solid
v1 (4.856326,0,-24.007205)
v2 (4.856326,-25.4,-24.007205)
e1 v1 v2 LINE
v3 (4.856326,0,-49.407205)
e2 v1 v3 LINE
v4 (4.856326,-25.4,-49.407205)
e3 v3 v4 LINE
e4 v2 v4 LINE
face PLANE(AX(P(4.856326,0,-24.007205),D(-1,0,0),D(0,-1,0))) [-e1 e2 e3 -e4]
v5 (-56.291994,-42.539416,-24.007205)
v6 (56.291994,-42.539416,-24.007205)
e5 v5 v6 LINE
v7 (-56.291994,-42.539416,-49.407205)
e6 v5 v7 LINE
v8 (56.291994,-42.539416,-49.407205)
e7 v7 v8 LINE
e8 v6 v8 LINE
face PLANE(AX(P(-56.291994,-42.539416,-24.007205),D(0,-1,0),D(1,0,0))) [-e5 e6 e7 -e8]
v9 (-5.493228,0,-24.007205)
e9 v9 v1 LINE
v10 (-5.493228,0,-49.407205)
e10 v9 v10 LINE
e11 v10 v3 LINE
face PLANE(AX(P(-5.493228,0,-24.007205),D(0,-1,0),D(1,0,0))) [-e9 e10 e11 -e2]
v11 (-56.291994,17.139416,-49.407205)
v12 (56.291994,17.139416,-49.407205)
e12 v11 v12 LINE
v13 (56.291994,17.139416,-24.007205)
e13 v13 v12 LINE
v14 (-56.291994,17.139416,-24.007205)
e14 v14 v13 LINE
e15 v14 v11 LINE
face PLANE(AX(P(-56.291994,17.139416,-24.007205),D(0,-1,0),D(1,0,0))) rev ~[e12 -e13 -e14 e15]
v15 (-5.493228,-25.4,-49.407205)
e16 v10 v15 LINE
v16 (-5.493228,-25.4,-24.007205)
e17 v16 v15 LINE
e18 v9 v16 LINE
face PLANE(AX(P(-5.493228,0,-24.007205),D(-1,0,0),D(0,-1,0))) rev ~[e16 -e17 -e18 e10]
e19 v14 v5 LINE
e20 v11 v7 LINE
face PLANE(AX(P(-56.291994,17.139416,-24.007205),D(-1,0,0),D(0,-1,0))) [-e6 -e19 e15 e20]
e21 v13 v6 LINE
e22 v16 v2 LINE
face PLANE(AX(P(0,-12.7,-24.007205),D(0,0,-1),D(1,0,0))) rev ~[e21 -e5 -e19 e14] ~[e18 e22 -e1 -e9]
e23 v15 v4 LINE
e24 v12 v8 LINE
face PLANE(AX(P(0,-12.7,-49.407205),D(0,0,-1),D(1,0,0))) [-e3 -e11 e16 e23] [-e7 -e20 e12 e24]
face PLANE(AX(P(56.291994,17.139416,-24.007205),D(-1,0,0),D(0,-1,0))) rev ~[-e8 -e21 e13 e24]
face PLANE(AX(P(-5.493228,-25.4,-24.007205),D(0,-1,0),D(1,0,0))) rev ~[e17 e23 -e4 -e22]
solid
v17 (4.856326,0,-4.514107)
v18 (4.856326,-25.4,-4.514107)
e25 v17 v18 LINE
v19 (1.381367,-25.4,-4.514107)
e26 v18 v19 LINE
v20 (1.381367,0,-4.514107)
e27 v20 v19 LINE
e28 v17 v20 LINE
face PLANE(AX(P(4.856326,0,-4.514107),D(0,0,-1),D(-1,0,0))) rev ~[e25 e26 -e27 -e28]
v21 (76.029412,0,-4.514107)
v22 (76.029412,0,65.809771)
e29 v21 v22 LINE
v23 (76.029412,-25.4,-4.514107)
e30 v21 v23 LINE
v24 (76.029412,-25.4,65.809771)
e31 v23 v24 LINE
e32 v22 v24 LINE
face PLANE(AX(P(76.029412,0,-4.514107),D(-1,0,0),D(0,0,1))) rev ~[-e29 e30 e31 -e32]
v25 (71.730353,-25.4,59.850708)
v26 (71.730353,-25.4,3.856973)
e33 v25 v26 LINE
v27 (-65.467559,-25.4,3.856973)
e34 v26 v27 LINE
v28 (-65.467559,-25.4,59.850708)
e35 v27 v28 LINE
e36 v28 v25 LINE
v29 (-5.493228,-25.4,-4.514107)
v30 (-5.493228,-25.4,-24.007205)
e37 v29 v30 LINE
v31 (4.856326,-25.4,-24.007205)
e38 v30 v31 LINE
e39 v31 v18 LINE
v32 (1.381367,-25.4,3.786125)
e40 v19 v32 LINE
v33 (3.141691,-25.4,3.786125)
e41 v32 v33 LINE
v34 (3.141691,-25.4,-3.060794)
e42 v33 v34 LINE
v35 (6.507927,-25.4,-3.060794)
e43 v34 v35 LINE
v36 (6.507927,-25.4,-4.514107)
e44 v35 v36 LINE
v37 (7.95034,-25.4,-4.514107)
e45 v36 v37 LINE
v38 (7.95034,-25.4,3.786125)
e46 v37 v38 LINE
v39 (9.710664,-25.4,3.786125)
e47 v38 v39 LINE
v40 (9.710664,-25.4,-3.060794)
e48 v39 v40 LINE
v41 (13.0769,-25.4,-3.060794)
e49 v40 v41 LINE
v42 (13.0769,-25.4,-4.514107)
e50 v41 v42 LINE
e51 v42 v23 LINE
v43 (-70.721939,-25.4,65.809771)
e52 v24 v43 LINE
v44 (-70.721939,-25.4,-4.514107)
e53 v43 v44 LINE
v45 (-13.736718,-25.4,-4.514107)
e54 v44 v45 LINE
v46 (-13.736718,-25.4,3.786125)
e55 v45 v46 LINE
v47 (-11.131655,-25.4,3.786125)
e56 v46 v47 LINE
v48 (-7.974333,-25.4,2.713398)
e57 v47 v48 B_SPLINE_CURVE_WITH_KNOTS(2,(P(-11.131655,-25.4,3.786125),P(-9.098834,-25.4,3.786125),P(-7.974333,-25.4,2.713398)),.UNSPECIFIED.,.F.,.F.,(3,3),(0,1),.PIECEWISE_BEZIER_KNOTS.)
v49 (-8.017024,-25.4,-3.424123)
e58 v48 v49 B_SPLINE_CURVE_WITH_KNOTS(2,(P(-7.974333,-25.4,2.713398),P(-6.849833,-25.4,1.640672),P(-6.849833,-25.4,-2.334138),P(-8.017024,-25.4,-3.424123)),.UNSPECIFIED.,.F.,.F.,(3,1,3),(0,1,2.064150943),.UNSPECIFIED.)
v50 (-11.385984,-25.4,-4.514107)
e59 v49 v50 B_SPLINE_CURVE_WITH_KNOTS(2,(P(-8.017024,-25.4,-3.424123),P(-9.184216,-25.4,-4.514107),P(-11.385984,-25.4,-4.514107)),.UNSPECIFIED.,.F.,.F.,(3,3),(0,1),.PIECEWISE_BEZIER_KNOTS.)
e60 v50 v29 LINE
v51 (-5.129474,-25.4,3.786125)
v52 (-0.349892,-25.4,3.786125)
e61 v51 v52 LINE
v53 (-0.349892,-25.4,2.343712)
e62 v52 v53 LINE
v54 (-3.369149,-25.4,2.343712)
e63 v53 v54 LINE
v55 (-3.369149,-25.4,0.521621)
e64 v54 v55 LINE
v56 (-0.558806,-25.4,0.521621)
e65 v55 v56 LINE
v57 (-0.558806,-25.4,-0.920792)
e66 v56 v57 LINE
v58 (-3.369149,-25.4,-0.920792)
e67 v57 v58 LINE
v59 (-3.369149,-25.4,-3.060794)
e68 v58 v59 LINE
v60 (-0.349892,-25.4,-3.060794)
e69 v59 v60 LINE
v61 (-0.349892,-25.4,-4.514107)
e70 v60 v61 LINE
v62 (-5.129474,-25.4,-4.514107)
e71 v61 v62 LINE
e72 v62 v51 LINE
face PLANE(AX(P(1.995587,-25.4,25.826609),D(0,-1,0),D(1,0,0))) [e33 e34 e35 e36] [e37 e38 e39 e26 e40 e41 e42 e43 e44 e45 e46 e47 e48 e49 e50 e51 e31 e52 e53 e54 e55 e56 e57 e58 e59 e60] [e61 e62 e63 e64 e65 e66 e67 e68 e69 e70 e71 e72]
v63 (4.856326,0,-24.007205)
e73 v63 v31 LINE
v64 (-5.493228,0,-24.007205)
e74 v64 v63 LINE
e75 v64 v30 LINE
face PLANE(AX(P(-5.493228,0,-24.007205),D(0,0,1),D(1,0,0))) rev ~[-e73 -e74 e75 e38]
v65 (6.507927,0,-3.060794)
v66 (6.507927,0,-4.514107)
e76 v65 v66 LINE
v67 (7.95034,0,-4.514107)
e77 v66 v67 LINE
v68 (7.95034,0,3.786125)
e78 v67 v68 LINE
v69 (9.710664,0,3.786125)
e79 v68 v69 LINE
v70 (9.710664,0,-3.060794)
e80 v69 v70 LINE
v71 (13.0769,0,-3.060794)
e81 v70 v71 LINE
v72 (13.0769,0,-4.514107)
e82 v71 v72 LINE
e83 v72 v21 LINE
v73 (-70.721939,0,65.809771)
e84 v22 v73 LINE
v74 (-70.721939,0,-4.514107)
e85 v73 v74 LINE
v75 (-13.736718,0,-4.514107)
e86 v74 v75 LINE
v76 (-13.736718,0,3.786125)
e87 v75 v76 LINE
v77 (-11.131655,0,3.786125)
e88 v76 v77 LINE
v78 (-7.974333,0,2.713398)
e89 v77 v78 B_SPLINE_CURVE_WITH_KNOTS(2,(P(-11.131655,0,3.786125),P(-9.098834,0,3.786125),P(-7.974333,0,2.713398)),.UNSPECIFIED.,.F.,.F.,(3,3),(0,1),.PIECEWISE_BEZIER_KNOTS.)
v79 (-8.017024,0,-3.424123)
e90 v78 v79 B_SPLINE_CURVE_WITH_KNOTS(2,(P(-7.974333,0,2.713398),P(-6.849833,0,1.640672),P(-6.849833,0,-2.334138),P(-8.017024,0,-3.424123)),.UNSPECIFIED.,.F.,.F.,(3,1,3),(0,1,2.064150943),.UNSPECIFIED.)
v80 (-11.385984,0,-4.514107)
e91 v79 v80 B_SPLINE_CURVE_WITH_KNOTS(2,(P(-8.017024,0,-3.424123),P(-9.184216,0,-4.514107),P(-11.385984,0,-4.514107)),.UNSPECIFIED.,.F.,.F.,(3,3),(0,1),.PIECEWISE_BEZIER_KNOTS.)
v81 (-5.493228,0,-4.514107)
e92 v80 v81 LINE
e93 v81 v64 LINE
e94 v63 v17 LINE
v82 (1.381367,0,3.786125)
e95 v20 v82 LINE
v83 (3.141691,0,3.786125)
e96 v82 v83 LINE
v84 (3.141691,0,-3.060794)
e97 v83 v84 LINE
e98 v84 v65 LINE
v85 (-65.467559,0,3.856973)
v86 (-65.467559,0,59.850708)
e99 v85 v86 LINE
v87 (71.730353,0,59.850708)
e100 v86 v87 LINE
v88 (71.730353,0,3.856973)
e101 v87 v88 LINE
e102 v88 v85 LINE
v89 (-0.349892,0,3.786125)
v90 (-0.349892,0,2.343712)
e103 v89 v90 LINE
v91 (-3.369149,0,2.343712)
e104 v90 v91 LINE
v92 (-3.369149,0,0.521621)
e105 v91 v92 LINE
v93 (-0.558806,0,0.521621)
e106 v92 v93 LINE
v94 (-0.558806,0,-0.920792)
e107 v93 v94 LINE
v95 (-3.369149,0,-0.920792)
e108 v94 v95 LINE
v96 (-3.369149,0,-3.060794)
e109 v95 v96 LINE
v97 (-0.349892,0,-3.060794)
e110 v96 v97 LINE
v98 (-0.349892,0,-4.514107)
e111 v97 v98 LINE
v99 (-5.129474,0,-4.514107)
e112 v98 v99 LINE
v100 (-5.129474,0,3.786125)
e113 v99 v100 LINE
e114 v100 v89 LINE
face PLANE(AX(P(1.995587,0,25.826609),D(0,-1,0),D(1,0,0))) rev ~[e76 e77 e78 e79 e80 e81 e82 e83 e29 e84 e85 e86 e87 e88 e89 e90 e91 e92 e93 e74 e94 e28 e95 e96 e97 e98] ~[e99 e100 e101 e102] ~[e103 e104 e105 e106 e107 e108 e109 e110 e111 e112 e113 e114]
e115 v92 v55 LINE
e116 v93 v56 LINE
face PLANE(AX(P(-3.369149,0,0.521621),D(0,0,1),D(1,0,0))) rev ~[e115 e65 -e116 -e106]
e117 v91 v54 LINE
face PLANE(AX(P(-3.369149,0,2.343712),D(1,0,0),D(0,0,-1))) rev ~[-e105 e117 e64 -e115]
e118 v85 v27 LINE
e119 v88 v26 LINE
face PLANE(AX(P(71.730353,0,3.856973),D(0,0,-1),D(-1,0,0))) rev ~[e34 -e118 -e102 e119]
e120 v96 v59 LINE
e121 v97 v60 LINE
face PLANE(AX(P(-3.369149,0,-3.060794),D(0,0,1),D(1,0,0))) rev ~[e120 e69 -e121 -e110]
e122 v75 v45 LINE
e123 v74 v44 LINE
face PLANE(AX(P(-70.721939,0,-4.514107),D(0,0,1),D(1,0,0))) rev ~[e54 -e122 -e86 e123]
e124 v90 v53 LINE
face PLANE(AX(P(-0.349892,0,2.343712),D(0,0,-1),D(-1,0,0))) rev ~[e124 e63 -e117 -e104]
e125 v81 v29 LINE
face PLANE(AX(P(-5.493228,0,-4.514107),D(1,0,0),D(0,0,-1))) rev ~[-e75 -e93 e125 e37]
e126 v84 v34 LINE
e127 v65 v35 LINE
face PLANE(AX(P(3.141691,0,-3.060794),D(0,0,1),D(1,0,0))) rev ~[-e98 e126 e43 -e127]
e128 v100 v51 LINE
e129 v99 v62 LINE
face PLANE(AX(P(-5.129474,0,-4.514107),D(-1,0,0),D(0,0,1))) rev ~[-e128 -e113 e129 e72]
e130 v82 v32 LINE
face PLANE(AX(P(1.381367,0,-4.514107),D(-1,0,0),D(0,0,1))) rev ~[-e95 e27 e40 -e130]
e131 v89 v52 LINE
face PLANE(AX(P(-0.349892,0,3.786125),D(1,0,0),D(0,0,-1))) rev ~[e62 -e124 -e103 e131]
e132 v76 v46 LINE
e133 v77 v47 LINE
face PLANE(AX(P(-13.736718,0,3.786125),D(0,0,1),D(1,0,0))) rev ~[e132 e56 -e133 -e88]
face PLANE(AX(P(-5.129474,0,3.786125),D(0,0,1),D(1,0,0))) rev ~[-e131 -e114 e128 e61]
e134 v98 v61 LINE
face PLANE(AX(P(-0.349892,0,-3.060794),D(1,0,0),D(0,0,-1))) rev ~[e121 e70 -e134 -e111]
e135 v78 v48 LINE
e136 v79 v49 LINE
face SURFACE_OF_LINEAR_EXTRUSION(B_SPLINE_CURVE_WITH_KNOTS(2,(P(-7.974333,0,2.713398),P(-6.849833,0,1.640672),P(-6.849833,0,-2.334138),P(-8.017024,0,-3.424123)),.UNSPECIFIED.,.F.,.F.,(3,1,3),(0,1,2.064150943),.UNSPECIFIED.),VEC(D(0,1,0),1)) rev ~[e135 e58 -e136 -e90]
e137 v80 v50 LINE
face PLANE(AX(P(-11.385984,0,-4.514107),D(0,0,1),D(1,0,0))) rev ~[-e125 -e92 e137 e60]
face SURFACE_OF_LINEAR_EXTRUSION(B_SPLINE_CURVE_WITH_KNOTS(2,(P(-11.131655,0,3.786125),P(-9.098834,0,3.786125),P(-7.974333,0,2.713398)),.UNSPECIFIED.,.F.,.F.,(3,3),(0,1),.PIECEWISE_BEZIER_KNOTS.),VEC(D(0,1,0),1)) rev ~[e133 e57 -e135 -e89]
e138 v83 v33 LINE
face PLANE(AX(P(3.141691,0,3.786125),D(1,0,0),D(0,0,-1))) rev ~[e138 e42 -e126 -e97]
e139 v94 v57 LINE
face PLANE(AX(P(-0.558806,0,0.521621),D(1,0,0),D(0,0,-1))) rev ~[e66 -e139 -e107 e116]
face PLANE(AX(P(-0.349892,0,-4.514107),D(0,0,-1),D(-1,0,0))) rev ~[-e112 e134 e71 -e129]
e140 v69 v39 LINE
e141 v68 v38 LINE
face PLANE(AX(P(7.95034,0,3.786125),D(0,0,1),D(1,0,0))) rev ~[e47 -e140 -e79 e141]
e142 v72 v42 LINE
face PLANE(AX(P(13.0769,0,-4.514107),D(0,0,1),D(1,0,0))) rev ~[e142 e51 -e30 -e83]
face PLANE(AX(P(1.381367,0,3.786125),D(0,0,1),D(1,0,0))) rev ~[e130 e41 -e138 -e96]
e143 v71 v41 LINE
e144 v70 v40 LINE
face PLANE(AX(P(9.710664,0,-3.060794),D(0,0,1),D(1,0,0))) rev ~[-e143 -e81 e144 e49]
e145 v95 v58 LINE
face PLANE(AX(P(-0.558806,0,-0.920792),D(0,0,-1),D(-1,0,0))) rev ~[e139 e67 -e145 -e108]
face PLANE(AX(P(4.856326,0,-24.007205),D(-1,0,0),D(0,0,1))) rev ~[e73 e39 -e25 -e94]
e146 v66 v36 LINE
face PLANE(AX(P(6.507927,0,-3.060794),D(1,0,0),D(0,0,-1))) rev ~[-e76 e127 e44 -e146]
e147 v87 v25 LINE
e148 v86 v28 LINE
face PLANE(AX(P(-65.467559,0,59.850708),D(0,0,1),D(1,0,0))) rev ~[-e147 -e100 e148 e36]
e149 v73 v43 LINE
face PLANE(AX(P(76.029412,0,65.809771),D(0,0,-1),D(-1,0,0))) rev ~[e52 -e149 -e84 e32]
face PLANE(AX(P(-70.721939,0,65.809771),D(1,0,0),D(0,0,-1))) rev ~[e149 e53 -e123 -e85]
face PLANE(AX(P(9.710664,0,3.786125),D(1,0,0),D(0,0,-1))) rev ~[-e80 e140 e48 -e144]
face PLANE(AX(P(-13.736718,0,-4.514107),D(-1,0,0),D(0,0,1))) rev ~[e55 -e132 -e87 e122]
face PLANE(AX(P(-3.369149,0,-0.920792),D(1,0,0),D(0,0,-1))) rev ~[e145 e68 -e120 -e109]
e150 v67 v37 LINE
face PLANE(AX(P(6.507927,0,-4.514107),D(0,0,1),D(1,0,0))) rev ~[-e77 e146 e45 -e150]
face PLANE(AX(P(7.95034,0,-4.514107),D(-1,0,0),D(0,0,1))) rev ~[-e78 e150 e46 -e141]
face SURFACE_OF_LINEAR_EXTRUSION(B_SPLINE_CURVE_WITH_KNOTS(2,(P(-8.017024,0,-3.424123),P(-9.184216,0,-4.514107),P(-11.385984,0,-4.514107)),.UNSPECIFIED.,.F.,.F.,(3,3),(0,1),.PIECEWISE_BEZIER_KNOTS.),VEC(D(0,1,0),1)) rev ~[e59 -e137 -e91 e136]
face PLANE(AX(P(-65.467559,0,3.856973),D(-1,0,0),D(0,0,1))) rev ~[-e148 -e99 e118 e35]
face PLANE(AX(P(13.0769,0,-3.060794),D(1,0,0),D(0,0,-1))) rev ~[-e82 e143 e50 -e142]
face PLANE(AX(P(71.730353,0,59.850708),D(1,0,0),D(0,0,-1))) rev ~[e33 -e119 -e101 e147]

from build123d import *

# Parameters (mm, degrees)
F1_DEPTH = 25.4
F2_W     = 112.5839874148
F2_H     = 59.678832376
F2_W_2   = 10.3495540097
F2_H_2   = 25.4
F3_DEPTH = 25.4


with BuildPart() as f1:
    # F0 (on Front) → F1 (new body)
    with BuildSketch(Plane.XZ):
        with BuildLine():
            Line((76.0294124484, 65.8097714186), (-68.5989558697, 65.8097714186))
            Line((-68.5989558697, 65.8097714186), (-70.7219392061, 65.8097714186))
            Line((-70.7219392061, 65.8097714186), (-70.7219392061, 11.1429076642))
            Line((-70.7219392061, 11.1429076642), (-70.7219392061, 7.1623111144))
            Line((-70.7219392061, 7.1623111144), (-70.7219392061, -4.514107015))
            Line((-70.7219392061, -4.514107015), (-14.7812860087, -4.514107015))
            Line((-14.7812860087, -4.514107015), (-13.7367175863, -4.514107015))
            Line((-13.7367175863, -4.514107015), (-13.7367175863, 3.7861245011))
            Line((-13.7367175863, 3.7861245011), (-11.131654773, 3.7861245011))
            add(Edge.make_bspline(
                [(-11.131654773, 3.7861245011), (-9.098833791, 3.7861245011), (-7.9743331764, 2.7133981474)],
                knots=[0, 0, 0, 1, 1, 1], degree=2))
            add(Edge.make_bspline(
                [(-7.9743331764, 2.7133981474), (-6.8498325617, 1.6406717936), (-6.8498325617, -0.284967385)],
                knots=[0, 0, 0, 1, 1, 1], degree=2))
            add(Edge.make_bspline(
                [(-6.8498325617, -0.284967385), (-6.8498325617, -2.3341381335), (-8.0170242336, -3.4241225743)],
                knots=[0, 0, 0, 1, 1, 1], degree=2))
            add(Edge.make_bspline(
                [(-8.0170242336, -3.4241225743), (-9.1842159056, -4.514107015), (-11.3859844758, -4.514107015)],
                knots=[0, 0, 0, 1, 1, 1], degree=2))
            Line((-11.3859844758, -4.514107015), (-8.0938804895, -4.514107015))
            Line((-8.0938804895, -4.514107015), (-5.4932283238, -4.514107015))
            Line((-5.4932283238, -4.514107015), (-5.1294737861, -4.514107015))
            Line((-5.1294737861, -4.514107015), (-5.1294737861, 3.7861245011))
            Line((-5.1294737861, 3.7861245011), (-0.3498920135, 3.7861245011))
            Line((-0.3498920135, 3.7861245011), (-0.3498920135, 2.3437117579))
            Line((-0.3498920135, 2.3437117579), (-3.3691489143, 2.3437117579))
            Line((-3.3691489143, 2.3437117579), (-3.3691489143, 0.5216211011))
            Line((-3.3691489143, 0.5216211011), (-0.558805698, 0.5216211011))
            Line((-0.558805698, 0.5216211011), (-0.558805698, -0.9207916421))
            Line((-0.558805698, -0.9207916421), (-3.3691489143, -0.9207916421))
            Line((-3.3691489143, -0.9207916421), (-3.3691489143, -3.0607944274))
            Line((-3.3691489143, -3.0607944274), (-0.3498920135, -3.0607944274))
            Line((-0.3498920135, -3.0607944274), (-0.3498920135, -4.514107015))
            Line((-0.3498920135, -4.514107015), (1.3813666065, -4.514107015))
            Line((1.3813666065, -4.514107015), (1.3813666065, 3.7861245011))
            Line((1.3813666065, 3.7861245011), (3.1416914783, 3.7861245011))
            Line((3.1416914783, 3.7861245011), (3.1416914783, -3.0607944274))
            Line((3.1416914783, -3.0607944274), (6.5079267593, -3.0607944274))
            Line((6.5079267593, -3.0607944274), (6.5079267593, -4.514107015))
            Line((6.5079267593, -4.514107015), (7.9503395026, -4.514107015))
            Line((7.9503395026, -4.514107015), (7.9503395026, 3.7861245011))
            Line((7.9503395026, 3.7861245011), (9.7106643743, 3.7861245011))
            Line((9.7106643743, 3.7861245011), (9.7106643743, -3.0607944274))
            Line((9.7106643743, -3.0607944274), (13.0768996554, -3.0607944274))
            Line((13.0768996554, -3.0607944274), (13.0768996554, -4.514107015))
            Line((13.0768996554, -4.514107015), (13.8308055602, -4.514107015))
            Line((13.8308055602, -4.514107015), (76.0294124484, -4.514107015))
            Line((76.0294124484, -4.514107015), (76.0294124484, 65.8097714186))
        make_face()
        Polygon((-65.4675588012, 3.8569734897), (-65.4675588012, 59.8507076502), (71.7303529382, 59.8507076502), (71.7303529382, 3.8569734897), (68.5458853841, 3.8569734897), align=None, mode=Mode.SUBTRACT)
        Polygon((4.856325686, -24.0072049201), (4.856325686, -4.514107015), (1.3813666065, -4.514107015), (-0.3498920135, -4.514107015), (-5.1294737861, -4.514107015), (-5.4932283238, -4.514107015), (-5.4932283238, -24.0072049201), align=None)
    extrude(amount=F1_DEPTH)


with BuildPart() as f3:
    # F2 (on face) → F3 (new body)
    with BuildSketch(Plane(origin=(0, 0, -24.0072049201), x_dir=(1, 0, 0), z_dir=(0, 0, -1))):
        with Locations((0, 12.7)):
            Rectangle(F2_W, F2_H)
        with Locations((-0.3184513189, 12.7)):
            Rectangle(F2_W_2, F2_H_2, mode=Mode.SUBTRACT)
    extrude(amount=F3_DEPTH)


solid = Compound([f1.part, f3.part])
